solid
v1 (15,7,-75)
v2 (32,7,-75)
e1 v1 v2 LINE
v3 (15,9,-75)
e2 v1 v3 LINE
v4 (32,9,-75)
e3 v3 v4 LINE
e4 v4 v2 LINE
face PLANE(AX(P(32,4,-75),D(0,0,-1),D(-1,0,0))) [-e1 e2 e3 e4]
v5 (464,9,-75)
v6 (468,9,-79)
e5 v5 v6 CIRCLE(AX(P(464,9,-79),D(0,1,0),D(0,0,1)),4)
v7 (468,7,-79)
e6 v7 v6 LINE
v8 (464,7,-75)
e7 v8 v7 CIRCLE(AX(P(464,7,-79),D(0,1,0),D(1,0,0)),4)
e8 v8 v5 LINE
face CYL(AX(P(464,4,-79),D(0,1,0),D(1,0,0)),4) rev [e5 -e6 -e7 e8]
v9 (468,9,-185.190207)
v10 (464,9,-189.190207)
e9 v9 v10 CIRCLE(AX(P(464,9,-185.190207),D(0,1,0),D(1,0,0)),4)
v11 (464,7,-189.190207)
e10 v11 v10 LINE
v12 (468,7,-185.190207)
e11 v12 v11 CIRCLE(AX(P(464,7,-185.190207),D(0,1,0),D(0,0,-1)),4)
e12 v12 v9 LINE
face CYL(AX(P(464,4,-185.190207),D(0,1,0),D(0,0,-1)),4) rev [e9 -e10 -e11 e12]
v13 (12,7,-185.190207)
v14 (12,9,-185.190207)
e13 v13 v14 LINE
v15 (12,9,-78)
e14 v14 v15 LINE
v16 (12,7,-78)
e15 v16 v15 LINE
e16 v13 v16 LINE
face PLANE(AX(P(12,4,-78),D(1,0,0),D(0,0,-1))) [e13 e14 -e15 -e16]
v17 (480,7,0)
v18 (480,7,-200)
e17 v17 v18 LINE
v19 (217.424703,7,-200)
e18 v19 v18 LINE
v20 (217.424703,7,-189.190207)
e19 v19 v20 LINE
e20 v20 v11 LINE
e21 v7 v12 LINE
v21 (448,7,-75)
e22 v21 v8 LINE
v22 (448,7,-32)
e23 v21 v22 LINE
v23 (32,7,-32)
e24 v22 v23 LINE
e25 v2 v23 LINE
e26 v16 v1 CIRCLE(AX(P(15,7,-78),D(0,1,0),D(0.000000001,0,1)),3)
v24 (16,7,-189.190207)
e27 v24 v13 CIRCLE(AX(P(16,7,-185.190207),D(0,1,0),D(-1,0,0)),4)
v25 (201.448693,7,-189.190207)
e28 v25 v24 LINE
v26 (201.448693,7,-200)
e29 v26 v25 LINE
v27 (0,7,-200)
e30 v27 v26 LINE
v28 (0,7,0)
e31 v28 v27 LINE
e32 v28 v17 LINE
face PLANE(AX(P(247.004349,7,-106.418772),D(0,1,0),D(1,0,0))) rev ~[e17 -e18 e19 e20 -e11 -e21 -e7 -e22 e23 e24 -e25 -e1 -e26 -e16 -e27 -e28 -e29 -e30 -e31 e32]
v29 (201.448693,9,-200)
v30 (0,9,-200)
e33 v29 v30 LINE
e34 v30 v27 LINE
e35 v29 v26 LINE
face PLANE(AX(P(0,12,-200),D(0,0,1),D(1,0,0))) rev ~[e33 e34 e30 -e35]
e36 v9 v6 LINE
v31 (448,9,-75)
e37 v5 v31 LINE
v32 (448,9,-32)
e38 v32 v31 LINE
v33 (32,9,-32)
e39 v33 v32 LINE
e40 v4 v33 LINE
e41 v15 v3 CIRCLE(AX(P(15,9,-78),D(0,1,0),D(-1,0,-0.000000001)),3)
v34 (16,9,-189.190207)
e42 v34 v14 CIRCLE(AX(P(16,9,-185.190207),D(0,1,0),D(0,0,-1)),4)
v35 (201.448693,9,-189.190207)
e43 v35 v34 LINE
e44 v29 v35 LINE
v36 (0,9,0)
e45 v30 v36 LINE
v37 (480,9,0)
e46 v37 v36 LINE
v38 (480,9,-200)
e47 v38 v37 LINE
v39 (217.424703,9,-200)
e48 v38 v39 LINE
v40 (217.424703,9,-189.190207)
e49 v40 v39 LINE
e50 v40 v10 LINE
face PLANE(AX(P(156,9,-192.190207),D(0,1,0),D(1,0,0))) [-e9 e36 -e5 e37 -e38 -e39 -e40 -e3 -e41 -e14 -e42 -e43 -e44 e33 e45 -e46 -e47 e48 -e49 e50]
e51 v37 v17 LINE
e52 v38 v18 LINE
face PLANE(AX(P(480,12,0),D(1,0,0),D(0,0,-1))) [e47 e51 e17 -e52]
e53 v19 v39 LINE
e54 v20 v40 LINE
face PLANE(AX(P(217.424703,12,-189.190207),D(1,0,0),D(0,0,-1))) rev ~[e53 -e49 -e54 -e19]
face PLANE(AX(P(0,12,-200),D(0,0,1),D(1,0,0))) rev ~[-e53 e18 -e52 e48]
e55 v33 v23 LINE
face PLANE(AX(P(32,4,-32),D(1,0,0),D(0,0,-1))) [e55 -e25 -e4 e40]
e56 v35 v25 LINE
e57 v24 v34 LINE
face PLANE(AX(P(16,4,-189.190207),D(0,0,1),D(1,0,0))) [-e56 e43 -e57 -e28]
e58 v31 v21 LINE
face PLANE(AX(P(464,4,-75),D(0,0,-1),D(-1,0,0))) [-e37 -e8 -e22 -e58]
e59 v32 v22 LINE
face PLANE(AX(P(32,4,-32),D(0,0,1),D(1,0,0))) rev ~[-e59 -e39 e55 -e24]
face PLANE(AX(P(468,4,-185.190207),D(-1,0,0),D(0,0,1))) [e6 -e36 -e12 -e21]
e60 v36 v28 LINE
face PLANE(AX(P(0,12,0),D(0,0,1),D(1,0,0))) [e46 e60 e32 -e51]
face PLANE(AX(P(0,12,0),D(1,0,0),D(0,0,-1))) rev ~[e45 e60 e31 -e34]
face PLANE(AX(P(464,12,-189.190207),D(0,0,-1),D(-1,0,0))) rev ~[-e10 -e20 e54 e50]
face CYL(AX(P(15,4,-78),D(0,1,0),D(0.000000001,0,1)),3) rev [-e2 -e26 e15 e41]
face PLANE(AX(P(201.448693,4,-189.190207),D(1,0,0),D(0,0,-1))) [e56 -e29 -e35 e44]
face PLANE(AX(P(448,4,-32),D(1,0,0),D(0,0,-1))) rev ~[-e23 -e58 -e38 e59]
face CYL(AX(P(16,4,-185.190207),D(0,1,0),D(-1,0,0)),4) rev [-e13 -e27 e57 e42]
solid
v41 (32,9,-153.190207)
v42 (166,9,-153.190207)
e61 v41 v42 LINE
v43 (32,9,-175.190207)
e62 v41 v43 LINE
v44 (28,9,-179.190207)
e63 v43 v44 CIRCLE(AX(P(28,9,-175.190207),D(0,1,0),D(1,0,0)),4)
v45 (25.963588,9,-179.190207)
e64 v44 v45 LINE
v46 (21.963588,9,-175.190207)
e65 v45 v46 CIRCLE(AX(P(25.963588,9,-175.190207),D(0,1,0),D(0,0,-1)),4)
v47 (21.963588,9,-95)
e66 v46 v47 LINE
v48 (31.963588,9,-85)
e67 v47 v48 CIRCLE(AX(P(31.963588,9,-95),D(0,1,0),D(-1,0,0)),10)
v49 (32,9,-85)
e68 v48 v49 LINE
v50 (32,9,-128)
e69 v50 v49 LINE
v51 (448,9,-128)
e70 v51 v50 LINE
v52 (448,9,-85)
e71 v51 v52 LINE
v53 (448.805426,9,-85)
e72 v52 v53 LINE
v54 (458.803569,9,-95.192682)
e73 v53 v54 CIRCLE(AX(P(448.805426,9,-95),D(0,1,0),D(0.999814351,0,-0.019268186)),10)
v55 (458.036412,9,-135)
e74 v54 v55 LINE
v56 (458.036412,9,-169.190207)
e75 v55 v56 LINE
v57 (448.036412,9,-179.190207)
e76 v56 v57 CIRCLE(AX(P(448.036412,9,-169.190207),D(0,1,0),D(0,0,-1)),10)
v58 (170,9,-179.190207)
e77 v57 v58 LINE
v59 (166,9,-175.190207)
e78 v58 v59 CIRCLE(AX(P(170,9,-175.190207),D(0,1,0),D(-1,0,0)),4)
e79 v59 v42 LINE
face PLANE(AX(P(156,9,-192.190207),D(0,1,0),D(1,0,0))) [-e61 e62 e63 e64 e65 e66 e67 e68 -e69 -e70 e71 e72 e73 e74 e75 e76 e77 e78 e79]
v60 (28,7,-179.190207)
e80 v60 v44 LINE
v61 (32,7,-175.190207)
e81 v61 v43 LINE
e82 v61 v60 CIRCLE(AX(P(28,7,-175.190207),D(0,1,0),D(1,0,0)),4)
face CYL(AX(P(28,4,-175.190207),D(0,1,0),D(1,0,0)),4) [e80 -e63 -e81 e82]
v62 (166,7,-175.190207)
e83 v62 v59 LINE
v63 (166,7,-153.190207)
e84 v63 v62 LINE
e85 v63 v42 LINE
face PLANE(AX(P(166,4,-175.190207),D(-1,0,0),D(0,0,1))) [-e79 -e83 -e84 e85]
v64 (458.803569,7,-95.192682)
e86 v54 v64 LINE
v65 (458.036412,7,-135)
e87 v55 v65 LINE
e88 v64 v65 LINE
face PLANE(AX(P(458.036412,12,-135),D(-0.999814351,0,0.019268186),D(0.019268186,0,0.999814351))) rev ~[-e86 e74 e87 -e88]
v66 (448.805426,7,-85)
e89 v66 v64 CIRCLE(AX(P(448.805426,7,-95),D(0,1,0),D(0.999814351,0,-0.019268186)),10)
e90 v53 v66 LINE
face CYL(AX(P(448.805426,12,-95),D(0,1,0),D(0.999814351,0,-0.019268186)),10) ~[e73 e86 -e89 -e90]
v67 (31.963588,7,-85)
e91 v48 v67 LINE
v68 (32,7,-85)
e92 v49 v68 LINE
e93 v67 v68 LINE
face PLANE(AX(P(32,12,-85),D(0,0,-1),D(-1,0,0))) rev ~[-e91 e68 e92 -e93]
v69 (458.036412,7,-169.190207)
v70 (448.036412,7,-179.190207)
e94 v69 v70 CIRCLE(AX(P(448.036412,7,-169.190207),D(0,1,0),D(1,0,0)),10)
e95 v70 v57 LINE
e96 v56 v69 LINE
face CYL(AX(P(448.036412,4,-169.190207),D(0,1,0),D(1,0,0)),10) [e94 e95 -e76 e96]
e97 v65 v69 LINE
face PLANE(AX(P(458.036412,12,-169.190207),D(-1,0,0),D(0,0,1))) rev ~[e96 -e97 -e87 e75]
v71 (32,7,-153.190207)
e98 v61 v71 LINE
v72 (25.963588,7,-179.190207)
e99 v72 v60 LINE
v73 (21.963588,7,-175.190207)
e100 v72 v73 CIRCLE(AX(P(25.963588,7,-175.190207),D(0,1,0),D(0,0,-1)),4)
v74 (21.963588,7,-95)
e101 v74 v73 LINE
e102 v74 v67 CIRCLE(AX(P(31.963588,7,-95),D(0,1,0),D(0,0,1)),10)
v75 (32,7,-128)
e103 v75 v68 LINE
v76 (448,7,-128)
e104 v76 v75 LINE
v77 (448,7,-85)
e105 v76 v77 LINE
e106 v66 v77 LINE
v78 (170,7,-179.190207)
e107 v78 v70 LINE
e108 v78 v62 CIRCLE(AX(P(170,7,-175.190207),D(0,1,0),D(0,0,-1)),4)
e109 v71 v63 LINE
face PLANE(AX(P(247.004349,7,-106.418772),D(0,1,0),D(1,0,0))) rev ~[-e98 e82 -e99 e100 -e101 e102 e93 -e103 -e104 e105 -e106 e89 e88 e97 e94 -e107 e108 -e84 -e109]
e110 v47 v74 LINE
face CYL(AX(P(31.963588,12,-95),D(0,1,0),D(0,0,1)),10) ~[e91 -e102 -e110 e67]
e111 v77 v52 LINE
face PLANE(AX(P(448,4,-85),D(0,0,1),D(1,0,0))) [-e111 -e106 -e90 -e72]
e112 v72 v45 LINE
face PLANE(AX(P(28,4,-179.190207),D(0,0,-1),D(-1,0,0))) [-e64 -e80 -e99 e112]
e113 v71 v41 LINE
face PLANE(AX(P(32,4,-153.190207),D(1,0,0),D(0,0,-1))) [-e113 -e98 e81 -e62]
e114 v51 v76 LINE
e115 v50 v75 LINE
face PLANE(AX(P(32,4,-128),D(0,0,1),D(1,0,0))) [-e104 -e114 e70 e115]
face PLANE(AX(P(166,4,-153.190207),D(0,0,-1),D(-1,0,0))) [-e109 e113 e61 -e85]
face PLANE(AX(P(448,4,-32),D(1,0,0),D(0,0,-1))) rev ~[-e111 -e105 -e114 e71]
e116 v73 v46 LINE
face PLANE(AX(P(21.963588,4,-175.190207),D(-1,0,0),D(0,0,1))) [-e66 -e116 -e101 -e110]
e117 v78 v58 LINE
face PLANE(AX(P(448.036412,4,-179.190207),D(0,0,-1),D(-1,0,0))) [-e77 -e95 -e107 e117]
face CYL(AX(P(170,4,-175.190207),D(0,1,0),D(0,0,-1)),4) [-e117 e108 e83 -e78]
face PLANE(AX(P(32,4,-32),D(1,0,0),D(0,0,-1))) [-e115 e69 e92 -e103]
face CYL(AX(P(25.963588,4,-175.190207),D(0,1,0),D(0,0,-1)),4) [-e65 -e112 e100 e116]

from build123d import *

# Parameters (mm, degrees)
CROQUIS1_W              = 486.2
CROQUIS1_H              = 206.2
CROQUIS1_W_2            = 480
CROQUIS1_H_2            = 200
SALIENTE_EXTRUIR1_DEPTH = 12
CROQUIS3_W              = 486.2
CROQUIS3_H              = 206.2
CROQUIS3_W_2            = 480
CROQUIS3_H_2            = 200
CORTAR_EXTRUIR1_DEPTH   = 5
CORTAR_EXTRUIR3_DEPTH   = 8
CROQUIS4_W              = 20
CROQUIS4_H              = 6
CORTAR_EXTRUIR4_DEPTH   = 3
CORTAR_EXTRUIR5_DEPTH   = 2
CROQUIS7_W              = 721.947089947
CROQUIS7_H              = 359.419856831
CORTAR_EXTRUIR6_DEPTH   = 10
CROQUIS8_W              = 416
CROQUIS8_H              = 96
CORTAR_EXTRUIR7_DEPTH   = 10
CROQUIS9_W              = 531.904745737
CROQUIS9_H              = 246.353411826
CORTAR_EXTRUIR9_DEPTH   = 10
CROQUIS10_W             = 531.904745737
CROQUIS10_H             = 246.353411826
CORTAR_EXTRUIR10_DEPTH  = 10


with BuildPart() as part:
    # Croquis1 → Saliente-Extruir1 (new body)
    with BuildSketch(Plane(origin=(0, 0, 0), x_dir=(1, 0, 0), z_dir=(0, 1, 0))):
        with Locations((240, 100)):
            Rectangle(CROQUIS1_W, CROQUIS1_H)
        with Locations((240, 100)):
            Rectangle(CROQUIS1_W_2, CROQUIS1_H_2, mode=Mode.SUBTRACT)
        with Locations((240, 100)):
            Rectangle(CROQUIS1_W_2, CROQUIS1_H_2)
    extrude(amount=SALIENTE_EXTRUIR1_DEPTH)

    # Croquis3 → Cortar-Extruir1 (cut)
    with BuildSketch(Plane(origin=(0, 12, 0), x_dir=(1, 0, 0), z_dir=(0, 1, 0))):
        with Locations((240, 100)):
            Rectangle(CROQUIS3_W, CROQUIS3_H)
        with Locations((240, 100)):
            Rectangle(CROQUIS3_W_2, CROQUIS3_H_2, mode=Mode.SUBTRACT)
    extrude(amount=-CORTAR_EXTRUIR1_DEPTH, mode=Mode.SUBTRACT)

    # Croquis2 → Cortar-Extruir3 (cut)
    with BuildSketch(Plane(origin=(0, 12, 0), x_dir=(1, 0, 0), z_dir=(0, 1, 0))):
        with BuildLine():
            ThreePointArc((16, 189.1902066), (13.171572875, 188.018633725), (12, 185.1902066))
            Line((12, 185.1902066), (12, 78))
            ThreePointArc((12, 78), (12.878679656, 75.878679656), (15, 75))
            Line((15, 75), (32, 75))
            Line((32, 75), (32, 32))
            Line((32, 32), (448, 32))
            Line((448, 32), (448, 75))
            Line((448, 75), (464, 75))
            ThreePointArc((464, 75), (466.828427125, 76.171572875), (468, 79))
            Line((468, 79), (468, 185.1902066))
            ThreePointArc((468, 185.1902066), (466.828427125, 188.018633725), (464, 189.1902066))
            Line((464, 189.1902066), (217.424703227, 189.1902066))
            Line((217.424703227, 189.1902066), (217.424703227, 203.1))
            Line((217.424703227, 203.1), (201.44869327, 203.1))
            Line((201.44869327, 203.1), (201.44869327, 189.1902066))
            Line((201.44869327, 189.1902066), (16, 189.1902066))
        make_face()
        with BuildLine():
            Line((32, 85), (31.963588191, 85))
            ThreePointArc((31.963588191, 85), (24.892520379, 87.928932188), (21.963588191, 95))
            Line((21.963588191, 95), (21.963588191, 175.1902066))
            ThreePointArc((21.963588191, 175.1902066), (23.135161066, 178.018633725), (25.963588191, 179.1902066))
            Line((25.963588191, 179.1902066), (28, 179.1902066))
            ThreePointArc((28, 179.1902066), (30.828427125, 178.018633725), (32, 175.1902066))
            Line((32, 175.1902066), (32, 153.1902066))
            Line((32, 153.1902066), (166, 153.1902066))
            Line((166, 153.1902066), (166, 175.1902066))
            ThreePointArc((166, 175.1902066), (167.171572875, 178.018633725), (170, 179.1902066))
            Line((170, 179.1902066), (448.036411809, 179.1902066))
            ThreePointArc((448.036411809, 179.1902066), (455.107479621, 176.261274412), (458.036411809, 169.1902066))
            Line((458.036411809, 169.1902066), (458.036411809, 135.000000034))
            Line((458.036411809, 135.000000034), (458.803569043, 95.19268186))
            ThreePointArc((458.803569043, 95.19268186), (455.944291637, 87.997386866), (448.80542553, 85))
            Line((448.80542553, 85), (448, 85))
            Line((448, 85), (448, 128))
            Line((448, 128), (32, 128))
            Line((32, 128), (32, 85))
        make_face(mode=Mode.SUBTRACT)
    extrude(amount=-CORTAR_EXTRUIR3_DEPTH, mode=Mode.SUBTRACT)

    # Croquis4 → Cortar-Extruir4 (cut)
    with BuildSketch(Plane(origin=(0, 12, 0), x_dir=(1, 0, 0), z_dir=(0, 1, 0))):
        with BuildLine():
            Line((31.963588191, 85), (32, 128))
            Line((32, 128), (32, 134))
            Line((32, 134), (32, 147.1902066))
            Line((32, 147.1902066), (32, 153.1902066))
            Line((32, 153.1902066), (32, 175.1902066))
            ThreePointArc((32, 175.1902066), (30.828427125, 178.018633725), (28, 179.1902066))
            Line((28, 179.1902066), (25.963588191, 179.1902066))
            ThreePointArc((25.963588191, 179.1902066), (23.135161066, 178.018633725), (21.963588191, 175.1902066))
            Line((21.963588191, 175.1902066), (21.963588191, 95))
            ThreePointArc((21.963588191, 95), (24.892520379, 87.928932188), (31.963588191, 85))
        make_face()
        with Locations((42, 131)):
            Rectangle(CROQUIS4_W, CROQUIS4_H)
        with Locations((42, 150.1902066)):
            Rectangle(CROQUIS4_W, CROQUIS4_H)
        with BuildLine():
            ThreePointArc((12, 78), (12.878679656, 75.878679656), (15, 75))
            Line((15, 75), (32, 75))
            Line((32, 75), (32, 69))
            Line((32, 69), (6, 69))
            Line((6, 69), (6, 80))
            Line((6, 80), (6, 195.1902066))
            Line((6, 195.1902066), (16, 195.1902066))
            Line((16, 195.1902066), (32, 195.1902066))
            Line((32, 195.1902066), (32, 189.1902066))
            Line((32, 189.1902066), (16, 189.1902066))
            ThreePointArc((16, 189.1902066), (13.171572875, 188.018633725), (12, 185.1902066))
            Line((12, 185.1902066), (12, 80))
            Line((12, 80), (12, 78))
        make_face()
        with Locations((42, 192.1902066)):
            Rectangle(CROQUIS4_W, CROQUIS4_H)
        with Locations((42, 29)):
            Rectangle(CROQUIS4_W, CROQUIS4_H)
        with Locations((156, 192.1902066)):
            Rectangle(CROQUIS4_W, CROQUIS4_H)
        with Locations((156, 150.1902066)):
            Rectangle(CROQUIS4_W, CROQUIS4_H)
        with BuildLine():
            Line((166, 147.1902066), (448, 147.1902066))
            Line((448, 147.1902066), (458.036411809, 147.1902066))
            Line((458.036411809, 147.1902066), (458.036411809, 169.1902066))
            ThreePointArc((458.036411809, 169.1902066), (455.107479621, 176.261274412), (448.036411809, 179.1902066))
            Line((448.036411809, 179.1902066), (170, 179.1902066))
            ThreePointArc((170, 179.1902066), (167.171572875, 178.018633725), (166, 175.1902066))
            Line((166, 175.1902066), (166, 153.1902066))
            Line((166, 153.1902066), (166, 147.1902066))
        make_face()
        with BuildLine():
            Line((458.036411809, 169.1902066), (458.036411809, 147.1902066))
            Line((458.036411809, 147.1902066), (474, 147.1902066))
            Line((474, 147.1902066), (474, 195.1902066))
            Line((474, 195.1902066), (166, 195.1902066))
            Line((166, 195.1902066), (166, 189.1902066))
            Line((166, 189.1902066), (166, 175.1902066))
            ThreePointArc((166, 175.1902066), (167.171572875, 178.018633725), (170, 179.1902066))
            Line((170, 179.1902066), (448.036411809, 179.1902066))
            ThreePointArc((448.036411809, 179.1902066), (455.107479621, 176.261274412), (458.036411809, 169.1902066))
        make_face()
        with BuildLine():
            Line((448.80542553, 85), (448, 85))
            Line((448, 85), (448, 69))
            Line((448, 69), (474, 69))
            Line((474, 69), (474, 147.1902066))
            Line((474, 147.1902066), (458.036411809, 147.1902066))
            Line((458.036411809, 147.1902066), (458.036411809, 135.000000034))
            Line((458.036411809, 135.000000034), (458.803569043, 95.19268186))
            ThreePointArc((458.803569043, 95.19268186), (455.944291637, 87.997386866), (448.80542553, 85))
        make_face()
        with Locations((438, 131)):
            Rectangle(CROQUIS4_W, CROQUIS4_H)
        with Locations((438, 29)):
            Rectangle(CROQUIS4_W, CROQUIS4_H)
        with BuildLine():
            Line((448, 134), (448, 128))
            Line((448, 128), (448, 85))
            Line((448, 85), (448.80542553, 85))
            ThreePointArc((448.80542553, 85), (455.944291637, 87.997386866), (458.803569043, 95.19268186))
            Line((458.803569043, 95.19268186), (458.036411809, 135.000000034))
            Line((458.036411809, 135.000000034), (458.036411809, 147.1902066))
            Line((458.036411809, 147.1902066), (448, 147.1902066))
            Line((448, 147.1902066), (448, 134))
        make_face()
    extrude(amount=-CORTAR_EXTRUIR4_DEPTH, mode=Mode.SUBTRACT)

    # Croquis5 → Cortar-Extruir5 (cut)
    with BuildSketch(Plane(origin=(0, 4, 0), x_dir=(1, 0, 0), z_dir=(0, 1, 0))):
        with BuildLine():
            Line((32.046028397, 84.926485337), (32, 75))
            Line((32, 75), (15, 75))
            ThreePointArc((15, 75), (12.878679656, 75.878679656), (12, 78))
            Line((12, 78), (12, 185.1902066))
            ThreePointArc((12, 185.1902066), (13.171572875, 188.018633725), (16, 189.1902066))
            Line((16, 189.1902066), (201.44869327, 189.1902066))
            Line((201.44869327, 189.1902066), (201.44869327, 203.1))
            Line((201.44869327, 203.1), (217.424703227, 203.1))
            Line((217.424703227, 203.1), (217.424703227, 189.1902066))
            Line((217.424703227, 189.1902066), (464, 189.1902066))
            ThreePointArc((464, 189.1902066), (466.828427125, 188.018633725), (468, 185.1902066))
            Line((468, 185.1902066), (468, 79))
            ThreePointArc((468, 79), (466.828427125, 76.171572875), (464, 75))
            Line((464, 75), (448, 75))
            Line((448, 75), (448, 85))
            Line((448, 85), (448.80542553, 85))
            ThreePointArc((448.80542553, 85), (455.917657262, 88.023512896), (458.803569043, 95.19268186))
            Line((458.803569043, 95.19268186), (458.036411809, 169.1902066))
            ThreePointArc((458.036411809, 169.1902066), (455.107479621, 176.261274412), (448.036411809, 179.1902066))
            Line((448.036411809, 179.1902066), (170, 179.1902066))
            ThreePointArc((170, 179.1902066), (167.171572875, 178.018633725), (166, 175.1902066))
            Line((166, 175.1902066), (166, 153.1902066))
            Line((166, 153.1902066), (32, 153.1902066))
            Line((32, 153.1902066), (32, 175.1902066))
            ThreePointArc((32, 175.1902066), (30.828427125, 178.018633725), (28, 179.1902066))
            Line((28, 179.1902066), (25.963588191, 179.1902066))
            ThreePointArc((25.963588191, 179.1902066), (23.135161066, 178.018633725), (21.963588191, 175.1902066))
            Line((21.963588191, 175.1902066), (21.963588191, 95))
            ThreePointArc((21.963588191, 95), (24.91720844, 87.873793117), (32.046028397, 84.926485337))
        make_face()
    extrude(amount=-CORTAR_EXTRUIR5_DEPTH, mode=Mode.SUBTRACT)

    # Croquis7 → Cortar-Extruir6 (cut)
    with BuildSketch(Plane(origin=(0, 2, 0), x_dir=(1, 0, 0), z_dir=(0, 1, 0))):
        with Locations((149.368191722, 161.470369199)):
            Rectangle(CROQUIS7_W, CROQUIS7_H)
    extrude(amount=-CORTAR_EXTRUIR6_DEPTH, mode=Mode.SUBTRACT)

    # Croquis8 → Cortar-Extruir7 (cut)
    with BuildSketch(Plane(origin=(0, 4, 0), x_dir=(1, 0, 0), z_dir=(0, 1, 0))):
        with Locations((240, 80)):
            Rectangle(CROQUIS8_W, CROQUIS8_H)
    extrude(amount=-CORTAR_EXTRUIR7_DEPTH, mode=Mode.SUBTRACT)


with BuildPart() as cortar_extruir7_piece_1:
    # of the separate pieces the step leaves, piece 1, a body of its own (cortar_extruir7_pieces)
    add(part.part.solids().sort_by_distance((483.1, 2, 3.1))[0])


with BuildPart() as cortar_extruir7_piece_2:
    # of the separate pieces the step leaves, piece 2, a body of its own (cortar_extruir7_pieces)
    add(part.part.solids().sort_by_distance((32, 2, -128))[0])


with BuildPart() as cortar_extruir9_tool:
    # Croquis9 → Cortar-Extruir9 (new body)
    with BuildSketch(Plane(origin=(0, 9, 0), x_dir=(1, 0, 0), z_dir=(0, 1, 0))):
        with Locations((247.004349215, 106.418772052)):
            Rectangle(CROQUIS9_W, CROQUIS9_H)
    extrude(amount=CORTAR_EXTRUIR9_DEPTH)


with BuildPart() as cortar_extruir7_piece_1_1:
    add(cortar_extruir7_piece_1.part)

    # Cortar-Extruir9: cut by cortar_extruir9_tool
    add(cortar_extruir9_tool.part, mode=Mode.SUBTRACT)


with BuildPart() as cortar_extruir7_piece_2_1:
    add(cortar_extruir7_piece_2.part)

    # Cortar-Extruir9: cut by cortar_extruir9_tool
    add(cortar_extruir9_tool.part, mode=Mode.SUBTRACT)


with BuildPart() as cortar_extruir10_tool:
    # Croquis10 → Cortar-Extruir10 (new body)
    with BuildSketch(Plane(origin=(0, 7, 0), x_dir=(1, 0, 0), z_dir=(0, 1, 0))):
        with Locations((247.004349215, 106.418772052)):
            Rectangle(CROQUIS10_W, CROQUIS10_H)
    extrude(amount=-CORTAR_EXTRUIR10_DEPTH)


with BuildPart() as cortar_extruir7_piece_1_2:
    add(cortar_extruir7_piece_1_1.part)

    # Cortar-Extruir10: cut by cortar_extruir10_tool
    add(cortar_extruir10_tool.part, mode=Mode.SUBTRACT)


with BuildPart() as cortar_extruir7_piece_2_2:
    add(cortar_extruir7_piece_2_1.part)

    # Cortar-Extruir10: cut by cortar_extruir10_tool
    add(cortar_extruir10_tool.part, mode=Mode.SUBTRACT)


solid = Compound([cortar_extruir7_piece_1_2.part, cortar_extruir7_piece_2_2.part])
